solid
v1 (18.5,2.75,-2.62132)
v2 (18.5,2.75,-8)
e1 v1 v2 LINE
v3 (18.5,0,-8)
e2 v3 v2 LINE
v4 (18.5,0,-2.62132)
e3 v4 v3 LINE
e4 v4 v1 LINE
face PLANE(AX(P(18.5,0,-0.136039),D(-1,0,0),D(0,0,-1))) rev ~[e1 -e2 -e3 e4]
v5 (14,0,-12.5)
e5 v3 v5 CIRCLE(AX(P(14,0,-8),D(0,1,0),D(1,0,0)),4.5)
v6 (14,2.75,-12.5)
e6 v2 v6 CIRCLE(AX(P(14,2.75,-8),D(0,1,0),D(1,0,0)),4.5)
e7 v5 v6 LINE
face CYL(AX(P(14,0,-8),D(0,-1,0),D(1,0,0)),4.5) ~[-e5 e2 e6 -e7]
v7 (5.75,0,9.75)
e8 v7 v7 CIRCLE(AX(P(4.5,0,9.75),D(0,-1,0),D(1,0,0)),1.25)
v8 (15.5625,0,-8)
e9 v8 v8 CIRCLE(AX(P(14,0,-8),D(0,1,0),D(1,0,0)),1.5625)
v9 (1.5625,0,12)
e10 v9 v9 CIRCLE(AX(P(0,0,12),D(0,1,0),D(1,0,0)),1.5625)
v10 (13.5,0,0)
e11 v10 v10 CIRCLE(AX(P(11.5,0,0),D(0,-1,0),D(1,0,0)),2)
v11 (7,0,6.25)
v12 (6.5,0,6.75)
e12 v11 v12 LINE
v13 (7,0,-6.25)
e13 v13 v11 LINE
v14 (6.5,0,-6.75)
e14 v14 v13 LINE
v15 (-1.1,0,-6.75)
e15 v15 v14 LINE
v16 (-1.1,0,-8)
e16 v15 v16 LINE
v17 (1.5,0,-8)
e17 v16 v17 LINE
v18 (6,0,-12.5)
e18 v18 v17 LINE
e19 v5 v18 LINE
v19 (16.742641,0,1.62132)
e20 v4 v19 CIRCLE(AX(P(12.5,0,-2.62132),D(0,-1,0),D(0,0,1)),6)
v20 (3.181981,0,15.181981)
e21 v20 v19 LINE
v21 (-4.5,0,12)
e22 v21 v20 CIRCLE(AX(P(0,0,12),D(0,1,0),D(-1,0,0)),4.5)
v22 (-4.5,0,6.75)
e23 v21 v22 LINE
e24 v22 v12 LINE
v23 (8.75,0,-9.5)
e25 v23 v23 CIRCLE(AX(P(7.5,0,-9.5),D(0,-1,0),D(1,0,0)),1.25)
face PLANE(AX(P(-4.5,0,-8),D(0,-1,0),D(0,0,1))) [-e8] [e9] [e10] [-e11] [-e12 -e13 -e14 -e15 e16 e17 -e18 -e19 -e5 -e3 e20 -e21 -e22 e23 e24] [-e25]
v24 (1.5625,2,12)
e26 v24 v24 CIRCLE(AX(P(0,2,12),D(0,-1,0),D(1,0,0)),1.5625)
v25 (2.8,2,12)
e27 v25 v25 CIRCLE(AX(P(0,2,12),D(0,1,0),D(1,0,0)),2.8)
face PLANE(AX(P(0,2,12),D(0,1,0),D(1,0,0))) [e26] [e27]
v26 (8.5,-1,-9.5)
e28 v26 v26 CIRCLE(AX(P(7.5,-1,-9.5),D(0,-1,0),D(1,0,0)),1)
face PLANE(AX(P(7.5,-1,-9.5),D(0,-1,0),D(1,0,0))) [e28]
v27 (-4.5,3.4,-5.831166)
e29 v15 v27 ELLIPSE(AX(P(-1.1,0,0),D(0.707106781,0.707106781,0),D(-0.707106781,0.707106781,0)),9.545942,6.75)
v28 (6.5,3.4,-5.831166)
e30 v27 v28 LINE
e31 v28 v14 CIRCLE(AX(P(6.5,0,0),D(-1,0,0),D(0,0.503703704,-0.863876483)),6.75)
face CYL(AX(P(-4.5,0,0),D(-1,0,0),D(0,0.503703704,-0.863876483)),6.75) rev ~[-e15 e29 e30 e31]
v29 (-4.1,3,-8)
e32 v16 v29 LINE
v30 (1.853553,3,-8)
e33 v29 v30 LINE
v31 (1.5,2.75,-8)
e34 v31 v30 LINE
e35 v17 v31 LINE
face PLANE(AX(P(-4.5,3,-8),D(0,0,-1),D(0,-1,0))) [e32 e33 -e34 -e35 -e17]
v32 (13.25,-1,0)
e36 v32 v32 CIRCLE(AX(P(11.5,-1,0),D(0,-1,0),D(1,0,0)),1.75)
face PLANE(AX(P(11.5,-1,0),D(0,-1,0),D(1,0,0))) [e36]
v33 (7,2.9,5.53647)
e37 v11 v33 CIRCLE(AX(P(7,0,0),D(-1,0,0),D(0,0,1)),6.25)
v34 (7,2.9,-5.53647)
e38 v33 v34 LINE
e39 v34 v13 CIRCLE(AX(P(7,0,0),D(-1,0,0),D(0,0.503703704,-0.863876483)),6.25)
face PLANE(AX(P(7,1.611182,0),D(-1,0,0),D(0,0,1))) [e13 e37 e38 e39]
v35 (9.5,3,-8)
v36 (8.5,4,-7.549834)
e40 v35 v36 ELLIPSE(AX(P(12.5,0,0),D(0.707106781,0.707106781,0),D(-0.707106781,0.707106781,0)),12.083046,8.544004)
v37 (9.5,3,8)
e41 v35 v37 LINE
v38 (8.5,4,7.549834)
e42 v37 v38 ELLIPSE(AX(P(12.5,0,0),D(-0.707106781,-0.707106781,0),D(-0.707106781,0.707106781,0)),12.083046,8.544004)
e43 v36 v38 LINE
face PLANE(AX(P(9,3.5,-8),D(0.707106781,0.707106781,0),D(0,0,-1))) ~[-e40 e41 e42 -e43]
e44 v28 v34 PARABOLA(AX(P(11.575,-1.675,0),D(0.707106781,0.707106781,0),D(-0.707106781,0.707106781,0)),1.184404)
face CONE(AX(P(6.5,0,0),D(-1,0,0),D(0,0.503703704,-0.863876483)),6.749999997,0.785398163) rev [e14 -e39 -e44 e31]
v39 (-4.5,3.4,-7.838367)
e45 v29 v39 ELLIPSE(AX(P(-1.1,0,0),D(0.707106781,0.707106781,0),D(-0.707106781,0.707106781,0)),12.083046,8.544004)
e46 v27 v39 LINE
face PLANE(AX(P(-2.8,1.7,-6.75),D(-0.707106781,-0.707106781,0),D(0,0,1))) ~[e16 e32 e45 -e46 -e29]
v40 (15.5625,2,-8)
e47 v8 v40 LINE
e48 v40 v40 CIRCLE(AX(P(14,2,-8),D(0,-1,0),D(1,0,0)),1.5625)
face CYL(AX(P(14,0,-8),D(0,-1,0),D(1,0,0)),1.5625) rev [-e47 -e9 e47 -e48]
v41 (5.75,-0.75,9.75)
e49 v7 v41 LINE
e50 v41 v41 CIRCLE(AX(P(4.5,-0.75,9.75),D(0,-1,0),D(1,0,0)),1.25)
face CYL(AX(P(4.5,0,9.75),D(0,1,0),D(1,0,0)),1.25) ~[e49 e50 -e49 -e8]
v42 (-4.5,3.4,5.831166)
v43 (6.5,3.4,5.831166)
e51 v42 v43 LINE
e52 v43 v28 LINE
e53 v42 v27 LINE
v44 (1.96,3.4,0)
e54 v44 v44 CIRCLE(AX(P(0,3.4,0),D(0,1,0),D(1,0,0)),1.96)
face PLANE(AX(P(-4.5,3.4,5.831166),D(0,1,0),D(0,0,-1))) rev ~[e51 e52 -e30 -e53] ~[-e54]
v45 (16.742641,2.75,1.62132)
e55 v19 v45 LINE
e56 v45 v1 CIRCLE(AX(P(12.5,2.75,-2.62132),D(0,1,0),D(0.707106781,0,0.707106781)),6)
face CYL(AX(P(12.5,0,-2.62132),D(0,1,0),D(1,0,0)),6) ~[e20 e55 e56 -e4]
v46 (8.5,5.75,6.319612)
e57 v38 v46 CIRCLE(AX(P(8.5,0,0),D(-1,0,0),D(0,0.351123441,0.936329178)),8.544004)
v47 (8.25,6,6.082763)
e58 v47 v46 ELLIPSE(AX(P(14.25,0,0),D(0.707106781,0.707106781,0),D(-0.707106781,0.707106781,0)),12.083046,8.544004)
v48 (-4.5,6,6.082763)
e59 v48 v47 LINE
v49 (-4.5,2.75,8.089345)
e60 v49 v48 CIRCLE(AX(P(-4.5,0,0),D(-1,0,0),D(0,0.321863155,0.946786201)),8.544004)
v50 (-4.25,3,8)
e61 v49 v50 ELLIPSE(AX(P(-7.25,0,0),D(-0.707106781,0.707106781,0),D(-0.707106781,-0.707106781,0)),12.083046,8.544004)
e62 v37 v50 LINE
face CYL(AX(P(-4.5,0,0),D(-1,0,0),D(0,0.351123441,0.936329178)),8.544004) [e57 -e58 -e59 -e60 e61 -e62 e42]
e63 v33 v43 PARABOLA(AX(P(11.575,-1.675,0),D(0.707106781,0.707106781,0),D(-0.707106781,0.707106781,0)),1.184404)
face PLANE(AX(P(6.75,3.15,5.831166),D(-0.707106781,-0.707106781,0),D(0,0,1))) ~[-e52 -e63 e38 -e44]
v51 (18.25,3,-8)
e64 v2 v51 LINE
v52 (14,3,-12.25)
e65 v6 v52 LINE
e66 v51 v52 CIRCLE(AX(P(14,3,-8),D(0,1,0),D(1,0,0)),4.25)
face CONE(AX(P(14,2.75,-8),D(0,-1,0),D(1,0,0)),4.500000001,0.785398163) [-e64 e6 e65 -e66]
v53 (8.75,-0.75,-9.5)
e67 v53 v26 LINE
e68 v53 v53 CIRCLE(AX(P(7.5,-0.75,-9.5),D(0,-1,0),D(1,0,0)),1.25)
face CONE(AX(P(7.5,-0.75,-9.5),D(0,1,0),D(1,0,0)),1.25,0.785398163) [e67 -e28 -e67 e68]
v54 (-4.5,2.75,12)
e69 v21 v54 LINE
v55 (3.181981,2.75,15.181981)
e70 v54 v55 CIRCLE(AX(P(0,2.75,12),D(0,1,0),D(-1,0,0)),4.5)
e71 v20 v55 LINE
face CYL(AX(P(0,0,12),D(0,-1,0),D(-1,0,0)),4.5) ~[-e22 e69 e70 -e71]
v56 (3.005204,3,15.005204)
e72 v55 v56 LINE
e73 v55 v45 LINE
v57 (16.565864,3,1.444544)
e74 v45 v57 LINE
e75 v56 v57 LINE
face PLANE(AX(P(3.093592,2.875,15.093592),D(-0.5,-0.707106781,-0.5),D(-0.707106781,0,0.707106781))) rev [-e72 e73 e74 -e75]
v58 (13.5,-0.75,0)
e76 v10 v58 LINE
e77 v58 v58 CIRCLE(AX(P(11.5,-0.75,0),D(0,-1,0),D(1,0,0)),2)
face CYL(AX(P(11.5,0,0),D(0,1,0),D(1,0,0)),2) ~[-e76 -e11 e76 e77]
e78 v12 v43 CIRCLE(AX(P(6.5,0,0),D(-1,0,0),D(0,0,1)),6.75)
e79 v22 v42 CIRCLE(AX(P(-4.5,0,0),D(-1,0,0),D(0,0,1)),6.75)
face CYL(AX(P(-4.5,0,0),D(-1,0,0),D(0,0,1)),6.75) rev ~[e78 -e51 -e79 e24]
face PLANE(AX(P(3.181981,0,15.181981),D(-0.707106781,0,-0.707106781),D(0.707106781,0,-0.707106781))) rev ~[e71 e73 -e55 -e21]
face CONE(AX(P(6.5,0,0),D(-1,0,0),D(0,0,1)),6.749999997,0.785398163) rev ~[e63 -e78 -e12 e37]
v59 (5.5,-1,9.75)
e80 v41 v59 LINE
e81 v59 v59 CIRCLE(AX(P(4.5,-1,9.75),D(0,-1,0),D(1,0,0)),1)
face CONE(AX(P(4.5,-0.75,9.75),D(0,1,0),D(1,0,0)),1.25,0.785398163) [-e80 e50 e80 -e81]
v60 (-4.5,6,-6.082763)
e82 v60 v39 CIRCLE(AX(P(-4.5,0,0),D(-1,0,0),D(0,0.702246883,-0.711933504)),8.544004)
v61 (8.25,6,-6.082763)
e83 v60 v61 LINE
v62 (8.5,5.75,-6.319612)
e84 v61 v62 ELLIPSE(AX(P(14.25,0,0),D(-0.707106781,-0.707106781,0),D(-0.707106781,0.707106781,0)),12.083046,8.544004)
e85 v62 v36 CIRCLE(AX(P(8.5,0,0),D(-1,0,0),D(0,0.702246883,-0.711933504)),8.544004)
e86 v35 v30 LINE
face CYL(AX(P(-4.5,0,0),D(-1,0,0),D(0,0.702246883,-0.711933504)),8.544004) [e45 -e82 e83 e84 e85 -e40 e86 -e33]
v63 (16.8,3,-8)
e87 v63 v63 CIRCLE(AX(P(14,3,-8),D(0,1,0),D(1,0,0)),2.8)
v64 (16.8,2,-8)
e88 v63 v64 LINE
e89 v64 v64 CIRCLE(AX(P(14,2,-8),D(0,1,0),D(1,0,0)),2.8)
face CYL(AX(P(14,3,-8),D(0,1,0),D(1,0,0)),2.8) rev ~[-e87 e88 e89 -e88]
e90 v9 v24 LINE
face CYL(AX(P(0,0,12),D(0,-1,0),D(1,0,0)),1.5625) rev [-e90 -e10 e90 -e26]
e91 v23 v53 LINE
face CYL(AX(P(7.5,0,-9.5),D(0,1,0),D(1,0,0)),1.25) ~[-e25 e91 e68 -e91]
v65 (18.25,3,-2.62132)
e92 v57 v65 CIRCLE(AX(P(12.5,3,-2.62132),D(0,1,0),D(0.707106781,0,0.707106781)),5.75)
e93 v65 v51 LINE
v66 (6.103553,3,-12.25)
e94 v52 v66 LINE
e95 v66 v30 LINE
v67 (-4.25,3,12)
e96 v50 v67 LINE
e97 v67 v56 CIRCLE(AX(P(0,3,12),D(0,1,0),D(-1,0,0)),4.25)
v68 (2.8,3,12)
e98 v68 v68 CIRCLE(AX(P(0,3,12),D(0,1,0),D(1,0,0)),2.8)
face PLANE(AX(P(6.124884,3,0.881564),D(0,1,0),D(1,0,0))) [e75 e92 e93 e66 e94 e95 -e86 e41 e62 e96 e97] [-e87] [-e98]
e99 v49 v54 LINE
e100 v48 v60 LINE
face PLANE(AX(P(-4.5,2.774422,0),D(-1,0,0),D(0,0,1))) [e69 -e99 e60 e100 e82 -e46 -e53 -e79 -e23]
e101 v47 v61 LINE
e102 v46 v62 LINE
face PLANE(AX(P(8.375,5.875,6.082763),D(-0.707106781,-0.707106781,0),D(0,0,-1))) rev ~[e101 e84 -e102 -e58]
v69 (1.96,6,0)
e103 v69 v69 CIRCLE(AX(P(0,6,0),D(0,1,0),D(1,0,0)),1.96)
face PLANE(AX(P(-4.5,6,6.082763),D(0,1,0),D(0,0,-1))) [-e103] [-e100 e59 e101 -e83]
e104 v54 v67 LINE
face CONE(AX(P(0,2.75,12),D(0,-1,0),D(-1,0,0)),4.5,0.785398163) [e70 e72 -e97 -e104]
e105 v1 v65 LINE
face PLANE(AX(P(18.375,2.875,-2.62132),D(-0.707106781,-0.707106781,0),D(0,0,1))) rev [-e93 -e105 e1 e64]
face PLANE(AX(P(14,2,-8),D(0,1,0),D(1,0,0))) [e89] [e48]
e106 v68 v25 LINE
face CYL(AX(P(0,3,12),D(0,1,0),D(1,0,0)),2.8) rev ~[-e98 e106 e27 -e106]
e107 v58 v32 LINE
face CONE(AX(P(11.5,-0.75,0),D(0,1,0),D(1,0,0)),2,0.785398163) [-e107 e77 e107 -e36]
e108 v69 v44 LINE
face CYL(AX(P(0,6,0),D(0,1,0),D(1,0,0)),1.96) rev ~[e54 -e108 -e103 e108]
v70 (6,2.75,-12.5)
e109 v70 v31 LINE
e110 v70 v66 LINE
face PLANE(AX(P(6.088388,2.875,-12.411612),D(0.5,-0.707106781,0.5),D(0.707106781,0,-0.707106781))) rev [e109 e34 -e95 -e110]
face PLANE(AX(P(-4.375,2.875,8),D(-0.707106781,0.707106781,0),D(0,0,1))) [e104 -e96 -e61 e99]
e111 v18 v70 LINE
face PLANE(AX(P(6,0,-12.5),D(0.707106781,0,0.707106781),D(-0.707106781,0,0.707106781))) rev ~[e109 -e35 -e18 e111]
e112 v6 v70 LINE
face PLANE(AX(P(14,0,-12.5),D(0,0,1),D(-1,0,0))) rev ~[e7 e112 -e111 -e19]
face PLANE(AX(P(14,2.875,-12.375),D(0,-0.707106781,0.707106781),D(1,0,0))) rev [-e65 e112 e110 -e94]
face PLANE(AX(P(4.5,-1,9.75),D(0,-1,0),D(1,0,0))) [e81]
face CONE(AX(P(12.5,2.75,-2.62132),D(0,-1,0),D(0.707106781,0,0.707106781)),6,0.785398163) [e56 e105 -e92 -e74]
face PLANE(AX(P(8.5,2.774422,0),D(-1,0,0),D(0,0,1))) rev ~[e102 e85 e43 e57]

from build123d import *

# Parameters (mm, degrees)
SKETCH1_R           = 1.5625
BOSS_EXTRUDE1_DEPTH = 3
BOSS_EXTRUDE2_DEPTH = 13
CUT_EXTRUDE1_DEPTH  = 11.5
SKETCH4_R           = 1.96
CUT_EXTRUDE2_DEPTH  = 7
CHAMFER1_SIZE       = 1
FILLET1_R           = 6
CHAMFER2_SIZE       = 3.4
CHAMFER3_SIZE       = 0.5
SKETCH5_R           = 2.8
CUT_EXTRUDE3_DEPTH  = 1
SKETCH6_R           = 1.25
SKETCH6_R_2         = 2
BOSS_EXTRUDE3_DEPTH = 1
CHAMFER4_SIZE       = 0.25


with BuildPart() as part:
    # Sketch1 → Boss-Extrude1 (new body)
    with BuildSketch(Plane(origin=(0, 0, 0), x_dir=(1, 0, 0), z_dir=(0, 1, 0))):
        with BuildLine():
            Line((3.181980515, -15.181980515), (18.5, 0.136038969))
            Line((18.5, 0.136038969), (18.5, 8))
            ThreePointArc((18.5, 8), (17.181980515, 11.181980515), (14, 12.5))
            Line((14, 12.5), (6, 12.5))
            Line((6, 12.5), (1, 7.5))
            Line((1, 7.5), (-4.5, 2))
            Line((-4.5, 2), (-4.5, -6.5))
            Line((-4.5, -6.5), (-4.5, -12))
            ThreePointArc((-4.5, -12), (-1.722075446, -16.157457896), (3.181980515, -15.181980515))
        make_face()
        with Locations((0, -12)):
            Circle(SKETCH1_R, mode=Mode.SUBTRACT)
        with Locations((14, 8)):
            Circle(SKETCH1_R, mode=Mode.SUBTRACT)
    extrude(amount=BOSS_EXTRUDE1_DEPTH)

    # Sketch2 → Boss-Extrude2 (add)
    with BuildSketch(Plane.ZY.offset(4.5)):
        with BuildLine():
            Line((-8, 0), (8, 0))
            Line((8, 0), (8, 3))
            ThreePointArc((8, 3), (7.199378454, 4.60097271), (6.08276253, 6))
            Line((6.08276253, 6), (-6.08276253, 6))
            ThreePointArc((-6.08276253, 6), (-7.199378454, 4.60097271), (-8, 3))
            Line((-8, 3), (-8, 0))
        make_face()
    extrude(amount=-BOSS_EXTRUDE2_DEPTH)

    # Sketch3 → Cut-Extrude1 (cut)
    with BuildSketch(Plane.ZY.offset(4.5)):
        with BuildLine():
            Line((-6.75, 0), (6.75, 0))
            ThreePointArc((6.75, 0), (6.516244021, 1.760983776), (5.831166264, 3.4))
            Line((5.831166264, 3.4), (-5.831166264, 3.4))
            ThreePointArc((-5.831166264, 3.4), (-6.516244021, 1.760983776), (-6.75, 0))
        make_face()
    extrude(amount=-CUT_EXTRUDE1_DEPTH, mode=Mode.SUBTRACT)

    # Sketch4 → Cut-Extrude2 (cut, through all)
    with BuildSketch(Plane(origin=(0, 6, 0), x_dir=(1, 0, 0), z_dir=(0, 1, 0))):
        Circle(SKETCH4_R)
    extrude(amount=-CUT_EXTRUDE2_DEPTH, mode=Mode.SUBTRACT)

    # Chamfer1
    chamfer1_edges = [part.edges().sort_by_distance(p)[0] for p in [
        (8.5, 3, 0),
    ]]
    chamfer(chamfer1_edges, length=CHAMFER1_SIZE)

    # Fillet1
    fillet1_edges = [part.edges().sort_by_distance(p)[0] for p in [
        (18.5, 1.5, -0.136038969),
    ]]
    fillet(fillet1_edges, radius=FILLET1_R)

    # Chamfer2
    chamfer2_edges = [part.edges().sort_by_distance(p)[0] for p in [
        (-4.5, 0, -7.375),
    ]]
    chamfer(chamfer2_edges, length=CHAMFER2_SIZE)

    # Chamfer3
    chamfer3_edges = [part.edges().sort_by_distance(p)[0] for p in [
        (7, 1.760983776, -6.516244021),
        (7, 3.4, 0),
        (7, 1.760983776, 6.516244021),
    ]]
    chamfer(chamfer3_edges, length=CHAMFER3_SIZE)

    # Sketch5 → Cut-Extrude3 (cut)
    with BuildSketch(Plane(origin=(0, 3, 0), x_dir=(1, 0, 0), z_dir=(0, 1, 0))):
        with Locations((0, -12)):
            Circle(SKETCH5_R)
        with Locations((14, 8)):
            Circle(SKETCH5_R)
    extrude(amount=-CUT_EXTRUDE3_DEPTH, mode=Mode.SUBTRACT)

    # Sketch6 → Boss-Extrude3 (add)
    with BuildSketch(Plane.XZ):
        with Locations((4.5, 9.75)):
            Circle(SKETCH6_R)
        with Locations((11.5, 0)):
            Circle(SKETCH6_R_2)
        with Locations((7.5, -9.5)):
            Circle(SKETCH6_R)
    extrude(amount=BOSS_EXTRUDE3_DEPTH)

    # Chamfer4
    chamfer4_edges = [part.edges().sort_by_distance(p)[0] for p in [
        (-1.722075446, 3, 16.157457896),
        (3.25, -1, 9.75),
        (9.5, -1, 0),
        (6.25, -1, -9.5),
        (9.962310601, 3, 8.401650429),
        (17.181980515, 3, -11.181980515),
        (10, 3, -12.5),
        (-4.5, 3, 10),
        (3.75, 3, -10.25),
        (8.5, 6, 0),
        (18.5, 3, -5.310660172),
        (18.043277195, 3, -0.325219749),
    ]]
    chamfer(chamfer4_edges, length=CHAMFER4_SIZE)


solid = part.part
